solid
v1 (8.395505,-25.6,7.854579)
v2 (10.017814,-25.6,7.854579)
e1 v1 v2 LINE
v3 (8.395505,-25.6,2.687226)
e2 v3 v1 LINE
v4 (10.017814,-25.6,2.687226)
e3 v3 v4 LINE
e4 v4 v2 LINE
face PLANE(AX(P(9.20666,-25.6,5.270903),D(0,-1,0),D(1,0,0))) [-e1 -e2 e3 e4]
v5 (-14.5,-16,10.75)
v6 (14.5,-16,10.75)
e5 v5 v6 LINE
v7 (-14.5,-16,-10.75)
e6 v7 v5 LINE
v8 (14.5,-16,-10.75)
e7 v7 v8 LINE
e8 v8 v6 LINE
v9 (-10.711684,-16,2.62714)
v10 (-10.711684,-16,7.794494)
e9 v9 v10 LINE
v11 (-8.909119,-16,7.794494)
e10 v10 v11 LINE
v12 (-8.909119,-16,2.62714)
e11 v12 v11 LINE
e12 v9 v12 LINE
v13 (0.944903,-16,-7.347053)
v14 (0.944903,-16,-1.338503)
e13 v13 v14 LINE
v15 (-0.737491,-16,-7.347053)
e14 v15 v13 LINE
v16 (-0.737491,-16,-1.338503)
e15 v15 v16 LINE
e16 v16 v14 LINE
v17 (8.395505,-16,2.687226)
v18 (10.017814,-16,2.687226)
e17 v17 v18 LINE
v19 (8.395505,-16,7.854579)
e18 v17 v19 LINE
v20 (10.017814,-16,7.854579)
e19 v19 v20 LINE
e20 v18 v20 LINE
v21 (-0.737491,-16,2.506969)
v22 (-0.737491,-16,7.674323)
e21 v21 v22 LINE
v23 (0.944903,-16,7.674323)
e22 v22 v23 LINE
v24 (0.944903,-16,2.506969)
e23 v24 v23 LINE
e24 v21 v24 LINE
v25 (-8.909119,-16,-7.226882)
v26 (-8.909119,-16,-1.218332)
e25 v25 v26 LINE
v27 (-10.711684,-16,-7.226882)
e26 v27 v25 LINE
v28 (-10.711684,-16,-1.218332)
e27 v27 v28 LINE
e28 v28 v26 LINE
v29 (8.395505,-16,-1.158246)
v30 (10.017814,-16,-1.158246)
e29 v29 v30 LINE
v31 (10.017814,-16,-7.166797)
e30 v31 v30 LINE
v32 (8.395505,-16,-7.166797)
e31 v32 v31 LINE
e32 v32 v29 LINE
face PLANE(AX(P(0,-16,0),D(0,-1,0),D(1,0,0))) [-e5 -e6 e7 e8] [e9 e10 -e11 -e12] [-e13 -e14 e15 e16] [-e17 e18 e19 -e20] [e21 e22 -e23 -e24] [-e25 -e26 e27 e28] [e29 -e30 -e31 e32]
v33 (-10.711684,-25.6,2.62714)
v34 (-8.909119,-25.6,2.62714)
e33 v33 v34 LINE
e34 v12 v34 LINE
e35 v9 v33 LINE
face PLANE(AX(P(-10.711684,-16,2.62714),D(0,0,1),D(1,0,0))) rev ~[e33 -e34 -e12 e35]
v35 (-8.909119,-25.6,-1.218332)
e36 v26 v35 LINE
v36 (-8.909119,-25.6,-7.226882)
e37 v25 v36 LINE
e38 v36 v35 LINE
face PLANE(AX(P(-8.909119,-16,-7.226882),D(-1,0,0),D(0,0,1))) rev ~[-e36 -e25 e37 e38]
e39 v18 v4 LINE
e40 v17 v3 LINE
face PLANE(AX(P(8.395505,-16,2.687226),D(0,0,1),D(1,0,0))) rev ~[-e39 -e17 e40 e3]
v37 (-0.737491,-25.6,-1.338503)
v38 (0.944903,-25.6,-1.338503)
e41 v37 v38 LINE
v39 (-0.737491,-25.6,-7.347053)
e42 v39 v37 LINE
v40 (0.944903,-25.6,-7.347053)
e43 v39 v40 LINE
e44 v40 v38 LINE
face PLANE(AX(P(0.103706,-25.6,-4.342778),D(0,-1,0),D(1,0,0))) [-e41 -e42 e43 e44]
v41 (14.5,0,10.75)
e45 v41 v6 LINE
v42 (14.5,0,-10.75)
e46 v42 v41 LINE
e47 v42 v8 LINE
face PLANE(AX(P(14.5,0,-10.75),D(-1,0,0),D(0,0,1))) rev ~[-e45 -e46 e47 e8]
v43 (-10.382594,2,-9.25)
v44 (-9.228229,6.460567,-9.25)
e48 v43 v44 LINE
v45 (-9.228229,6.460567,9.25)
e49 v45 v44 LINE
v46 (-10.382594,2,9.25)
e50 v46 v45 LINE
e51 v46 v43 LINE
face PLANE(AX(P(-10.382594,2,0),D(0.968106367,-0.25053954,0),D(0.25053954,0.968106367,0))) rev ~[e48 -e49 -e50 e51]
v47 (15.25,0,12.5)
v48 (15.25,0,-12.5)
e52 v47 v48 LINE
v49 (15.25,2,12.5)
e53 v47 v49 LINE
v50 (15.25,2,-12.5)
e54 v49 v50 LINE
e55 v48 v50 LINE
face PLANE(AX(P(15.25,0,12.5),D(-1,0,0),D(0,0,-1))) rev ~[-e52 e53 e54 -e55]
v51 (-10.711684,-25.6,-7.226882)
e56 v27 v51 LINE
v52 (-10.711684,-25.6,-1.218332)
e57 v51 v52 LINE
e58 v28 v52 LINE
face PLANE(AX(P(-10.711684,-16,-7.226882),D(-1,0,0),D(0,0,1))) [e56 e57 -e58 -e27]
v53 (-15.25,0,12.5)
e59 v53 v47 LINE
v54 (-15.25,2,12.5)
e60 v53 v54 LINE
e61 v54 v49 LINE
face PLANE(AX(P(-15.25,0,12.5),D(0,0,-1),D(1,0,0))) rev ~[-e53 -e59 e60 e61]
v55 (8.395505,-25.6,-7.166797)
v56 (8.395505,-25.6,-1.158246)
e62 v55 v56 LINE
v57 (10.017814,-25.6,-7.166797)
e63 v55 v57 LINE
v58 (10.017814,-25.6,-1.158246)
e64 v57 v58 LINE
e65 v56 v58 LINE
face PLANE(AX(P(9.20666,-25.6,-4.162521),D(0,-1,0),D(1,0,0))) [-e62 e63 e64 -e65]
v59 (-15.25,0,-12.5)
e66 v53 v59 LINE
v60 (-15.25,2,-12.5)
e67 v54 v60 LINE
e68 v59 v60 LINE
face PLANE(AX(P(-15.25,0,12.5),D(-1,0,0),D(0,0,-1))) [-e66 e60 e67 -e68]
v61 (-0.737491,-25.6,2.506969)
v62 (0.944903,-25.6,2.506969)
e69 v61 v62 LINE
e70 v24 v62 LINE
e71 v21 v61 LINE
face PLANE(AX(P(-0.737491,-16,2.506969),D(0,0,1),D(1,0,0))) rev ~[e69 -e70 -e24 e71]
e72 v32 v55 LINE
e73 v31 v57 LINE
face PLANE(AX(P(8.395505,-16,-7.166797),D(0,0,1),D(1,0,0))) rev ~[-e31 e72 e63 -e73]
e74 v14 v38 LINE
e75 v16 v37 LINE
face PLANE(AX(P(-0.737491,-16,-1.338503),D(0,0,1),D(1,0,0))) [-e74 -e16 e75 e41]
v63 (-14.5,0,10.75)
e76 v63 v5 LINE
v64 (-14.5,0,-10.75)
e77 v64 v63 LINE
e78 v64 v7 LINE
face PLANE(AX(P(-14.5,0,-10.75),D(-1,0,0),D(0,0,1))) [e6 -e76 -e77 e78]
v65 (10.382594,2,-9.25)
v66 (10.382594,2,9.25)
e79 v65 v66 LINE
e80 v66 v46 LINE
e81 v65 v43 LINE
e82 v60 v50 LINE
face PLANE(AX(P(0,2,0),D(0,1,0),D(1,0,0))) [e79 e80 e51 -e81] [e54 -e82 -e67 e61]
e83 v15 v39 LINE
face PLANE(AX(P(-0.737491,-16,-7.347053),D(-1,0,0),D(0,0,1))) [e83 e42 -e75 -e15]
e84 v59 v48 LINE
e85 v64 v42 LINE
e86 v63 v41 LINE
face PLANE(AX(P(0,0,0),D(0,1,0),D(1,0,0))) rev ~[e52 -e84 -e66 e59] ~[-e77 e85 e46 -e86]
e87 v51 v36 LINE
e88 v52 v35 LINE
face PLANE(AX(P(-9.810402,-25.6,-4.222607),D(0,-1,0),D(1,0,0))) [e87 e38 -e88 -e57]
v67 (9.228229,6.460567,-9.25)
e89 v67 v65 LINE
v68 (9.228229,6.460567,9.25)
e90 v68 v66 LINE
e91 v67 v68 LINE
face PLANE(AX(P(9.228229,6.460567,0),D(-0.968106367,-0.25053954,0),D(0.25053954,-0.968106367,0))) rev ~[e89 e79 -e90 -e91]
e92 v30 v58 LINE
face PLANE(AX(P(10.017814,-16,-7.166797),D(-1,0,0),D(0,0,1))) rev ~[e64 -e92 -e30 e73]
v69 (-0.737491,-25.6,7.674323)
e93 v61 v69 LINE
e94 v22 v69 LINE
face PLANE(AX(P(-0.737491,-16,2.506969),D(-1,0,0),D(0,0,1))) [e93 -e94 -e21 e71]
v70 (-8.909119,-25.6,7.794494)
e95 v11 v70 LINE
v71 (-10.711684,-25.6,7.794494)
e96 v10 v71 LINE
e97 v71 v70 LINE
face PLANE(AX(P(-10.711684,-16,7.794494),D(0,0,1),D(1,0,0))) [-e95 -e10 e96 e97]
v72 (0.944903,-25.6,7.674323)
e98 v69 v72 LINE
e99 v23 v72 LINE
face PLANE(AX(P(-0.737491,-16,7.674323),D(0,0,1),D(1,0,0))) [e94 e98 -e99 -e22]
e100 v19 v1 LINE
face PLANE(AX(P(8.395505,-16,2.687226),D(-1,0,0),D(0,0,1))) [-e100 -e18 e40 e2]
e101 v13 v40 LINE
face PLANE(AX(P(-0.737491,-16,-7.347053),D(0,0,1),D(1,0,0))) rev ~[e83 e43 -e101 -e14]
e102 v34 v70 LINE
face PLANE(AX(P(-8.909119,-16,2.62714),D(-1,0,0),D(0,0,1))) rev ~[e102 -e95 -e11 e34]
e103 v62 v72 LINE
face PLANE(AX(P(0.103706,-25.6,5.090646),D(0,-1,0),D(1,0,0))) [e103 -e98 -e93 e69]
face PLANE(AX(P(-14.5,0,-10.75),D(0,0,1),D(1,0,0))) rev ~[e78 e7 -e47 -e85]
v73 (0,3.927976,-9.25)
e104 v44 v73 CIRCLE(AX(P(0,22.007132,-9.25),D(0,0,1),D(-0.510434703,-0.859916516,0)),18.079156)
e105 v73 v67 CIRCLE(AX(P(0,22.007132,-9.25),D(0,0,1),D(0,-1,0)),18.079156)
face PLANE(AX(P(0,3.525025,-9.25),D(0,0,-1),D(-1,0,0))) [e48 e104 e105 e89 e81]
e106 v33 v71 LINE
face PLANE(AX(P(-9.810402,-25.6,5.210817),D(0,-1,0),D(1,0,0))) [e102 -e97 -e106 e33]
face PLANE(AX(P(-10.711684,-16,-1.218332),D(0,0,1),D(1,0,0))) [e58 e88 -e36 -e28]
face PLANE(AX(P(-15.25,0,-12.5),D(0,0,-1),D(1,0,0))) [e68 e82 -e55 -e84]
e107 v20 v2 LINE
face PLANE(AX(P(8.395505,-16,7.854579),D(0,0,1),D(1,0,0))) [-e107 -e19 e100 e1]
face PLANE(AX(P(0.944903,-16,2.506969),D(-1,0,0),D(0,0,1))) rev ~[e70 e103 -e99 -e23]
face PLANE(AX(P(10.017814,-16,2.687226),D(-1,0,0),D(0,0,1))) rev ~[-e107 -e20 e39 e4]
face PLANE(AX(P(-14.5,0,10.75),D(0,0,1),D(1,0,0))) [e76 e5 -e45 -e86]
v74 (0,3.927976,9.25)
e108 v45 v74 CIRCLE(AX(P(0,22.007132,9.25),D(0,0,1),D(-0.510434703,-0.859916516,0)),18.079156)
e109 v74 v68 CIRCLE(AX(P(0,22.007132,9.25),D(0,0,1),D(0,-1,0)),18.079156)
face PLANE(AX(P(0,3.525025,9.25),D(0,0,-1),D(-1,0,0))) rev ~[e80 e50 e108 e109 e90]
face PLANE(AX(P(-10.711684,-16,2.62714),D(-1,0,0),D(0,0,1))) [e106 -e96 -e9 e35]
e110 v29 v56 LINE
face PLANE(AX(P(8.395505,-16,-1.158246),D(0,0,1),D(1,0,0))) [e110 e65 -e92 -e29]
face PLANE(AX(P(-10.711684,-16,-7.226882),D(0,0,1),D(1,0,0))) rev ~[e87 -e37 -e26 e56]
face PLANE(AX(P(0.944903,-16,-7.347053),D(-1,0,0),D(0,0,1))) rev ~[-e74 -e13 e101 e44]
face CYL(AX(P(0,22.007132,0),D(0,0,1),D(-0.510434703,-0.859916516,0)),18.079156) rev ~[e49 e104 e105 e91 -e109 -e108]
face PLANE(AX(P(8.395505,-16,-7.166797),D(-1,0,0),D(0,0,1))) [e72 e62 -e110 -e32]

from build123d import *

# Parameters (mm, degrees)
SKETCH_1_W      = 30.5
SKETCH_1_H      = 25
EXTRUDE_1_DEPTH = 2
SKETCH_2_W      = 29
SKETCH_2_H      = 21.5
EXTRUDE_2_DEPTH = 16
SKETCH_3_W      = 1.802565081
SKETCH_3_H      = 5.167353231
SKETCH_3_H_2    = 6.008550268
SKETCH_3_W_2    = 1.682394075
SKETCH_3_H_3    = 6.008550269
SKETCH_3_W_3    = 1.622308572
EXTRUDE_3_DEPTH = 9.6
EXTRUDE_4_DEPTH = 9.25


with BuildPart() as part:
    # 草图1 → 凸台-拉伸1 (new body)
    with BuildSketch(Plane(origin=(0, 0, 0), x_dir=(1, 0, 0), z_dir=(0, 1, 0))):
        Rectangle(SKETCH_1_W, SKETCH_1_H)
    extrude(amount=EXTRUDE_1_DEPTH)

    # 草图2 → 凸台-拉伸2 (add)
    with BuildSketch(Plane.XZ):
        Rectangle(SKETCH_2_W, SKETCH_2_H)
    extrude(amount=EXTRUDE_2_DEPTH)

    # 草图3 → 凸台-拉伸3 (add)
    with BuildSketch(Plane.XZ.offset(16)):
        with Locations((-9.810401899, 5.210817025)):
            Rectangle(SKETCH_3_W, SKETCH_3_H)
        with Locations((-9.810401899, -4.222606897)):
            Rectangle(SKETCH_3_W, SKETCH_3_H_2)
        with Locations((0.103706044, 5.09064602)):
            Rectangle(SKETCH_3_W_2, SKETCH_3_H)
        with Locations((0.103706044, -4.342777902)):
            Rectangle(SKETCH_3_W_2, SKETCH_3_H_3)
        with Locations((9.206659702, 5.270902528)):
            Rectangle(SKETCH_3_W_3, SKETCH_3_H)
        with Locations((9.206659702, -4.162521395)):
            Rectangle(SKETCH_3_W_3, SKETCH_3_H_3)
    extrude(amount=EXTRUDE_3_DEPTH)

    # 草图4 → 凸台-拉伸4 (add, symmetric)
    with BuildSketch(Plane.XY):
        with BuildLine():
            Line((10.382594104, 2), (-10.382594104, 2))
            Line((-10.382594104, 2), (-9.22822883, 6.460566864))
            ThreePointArc((-9.22822883, 6.460566864), (-4.784721142, 4.572616283), (0, 3.927975641))
            ThreePointArc((0, 3.927975641), (4.784721142, 4.572616283), (9.22822883, 6.460566864))
            Line((9.22822883, 6.460566864), (10.382594104, 2))
        make_face()
    extrude(amount=EXTRUDE_4_DEPTH, both=True)


solid = part.part
